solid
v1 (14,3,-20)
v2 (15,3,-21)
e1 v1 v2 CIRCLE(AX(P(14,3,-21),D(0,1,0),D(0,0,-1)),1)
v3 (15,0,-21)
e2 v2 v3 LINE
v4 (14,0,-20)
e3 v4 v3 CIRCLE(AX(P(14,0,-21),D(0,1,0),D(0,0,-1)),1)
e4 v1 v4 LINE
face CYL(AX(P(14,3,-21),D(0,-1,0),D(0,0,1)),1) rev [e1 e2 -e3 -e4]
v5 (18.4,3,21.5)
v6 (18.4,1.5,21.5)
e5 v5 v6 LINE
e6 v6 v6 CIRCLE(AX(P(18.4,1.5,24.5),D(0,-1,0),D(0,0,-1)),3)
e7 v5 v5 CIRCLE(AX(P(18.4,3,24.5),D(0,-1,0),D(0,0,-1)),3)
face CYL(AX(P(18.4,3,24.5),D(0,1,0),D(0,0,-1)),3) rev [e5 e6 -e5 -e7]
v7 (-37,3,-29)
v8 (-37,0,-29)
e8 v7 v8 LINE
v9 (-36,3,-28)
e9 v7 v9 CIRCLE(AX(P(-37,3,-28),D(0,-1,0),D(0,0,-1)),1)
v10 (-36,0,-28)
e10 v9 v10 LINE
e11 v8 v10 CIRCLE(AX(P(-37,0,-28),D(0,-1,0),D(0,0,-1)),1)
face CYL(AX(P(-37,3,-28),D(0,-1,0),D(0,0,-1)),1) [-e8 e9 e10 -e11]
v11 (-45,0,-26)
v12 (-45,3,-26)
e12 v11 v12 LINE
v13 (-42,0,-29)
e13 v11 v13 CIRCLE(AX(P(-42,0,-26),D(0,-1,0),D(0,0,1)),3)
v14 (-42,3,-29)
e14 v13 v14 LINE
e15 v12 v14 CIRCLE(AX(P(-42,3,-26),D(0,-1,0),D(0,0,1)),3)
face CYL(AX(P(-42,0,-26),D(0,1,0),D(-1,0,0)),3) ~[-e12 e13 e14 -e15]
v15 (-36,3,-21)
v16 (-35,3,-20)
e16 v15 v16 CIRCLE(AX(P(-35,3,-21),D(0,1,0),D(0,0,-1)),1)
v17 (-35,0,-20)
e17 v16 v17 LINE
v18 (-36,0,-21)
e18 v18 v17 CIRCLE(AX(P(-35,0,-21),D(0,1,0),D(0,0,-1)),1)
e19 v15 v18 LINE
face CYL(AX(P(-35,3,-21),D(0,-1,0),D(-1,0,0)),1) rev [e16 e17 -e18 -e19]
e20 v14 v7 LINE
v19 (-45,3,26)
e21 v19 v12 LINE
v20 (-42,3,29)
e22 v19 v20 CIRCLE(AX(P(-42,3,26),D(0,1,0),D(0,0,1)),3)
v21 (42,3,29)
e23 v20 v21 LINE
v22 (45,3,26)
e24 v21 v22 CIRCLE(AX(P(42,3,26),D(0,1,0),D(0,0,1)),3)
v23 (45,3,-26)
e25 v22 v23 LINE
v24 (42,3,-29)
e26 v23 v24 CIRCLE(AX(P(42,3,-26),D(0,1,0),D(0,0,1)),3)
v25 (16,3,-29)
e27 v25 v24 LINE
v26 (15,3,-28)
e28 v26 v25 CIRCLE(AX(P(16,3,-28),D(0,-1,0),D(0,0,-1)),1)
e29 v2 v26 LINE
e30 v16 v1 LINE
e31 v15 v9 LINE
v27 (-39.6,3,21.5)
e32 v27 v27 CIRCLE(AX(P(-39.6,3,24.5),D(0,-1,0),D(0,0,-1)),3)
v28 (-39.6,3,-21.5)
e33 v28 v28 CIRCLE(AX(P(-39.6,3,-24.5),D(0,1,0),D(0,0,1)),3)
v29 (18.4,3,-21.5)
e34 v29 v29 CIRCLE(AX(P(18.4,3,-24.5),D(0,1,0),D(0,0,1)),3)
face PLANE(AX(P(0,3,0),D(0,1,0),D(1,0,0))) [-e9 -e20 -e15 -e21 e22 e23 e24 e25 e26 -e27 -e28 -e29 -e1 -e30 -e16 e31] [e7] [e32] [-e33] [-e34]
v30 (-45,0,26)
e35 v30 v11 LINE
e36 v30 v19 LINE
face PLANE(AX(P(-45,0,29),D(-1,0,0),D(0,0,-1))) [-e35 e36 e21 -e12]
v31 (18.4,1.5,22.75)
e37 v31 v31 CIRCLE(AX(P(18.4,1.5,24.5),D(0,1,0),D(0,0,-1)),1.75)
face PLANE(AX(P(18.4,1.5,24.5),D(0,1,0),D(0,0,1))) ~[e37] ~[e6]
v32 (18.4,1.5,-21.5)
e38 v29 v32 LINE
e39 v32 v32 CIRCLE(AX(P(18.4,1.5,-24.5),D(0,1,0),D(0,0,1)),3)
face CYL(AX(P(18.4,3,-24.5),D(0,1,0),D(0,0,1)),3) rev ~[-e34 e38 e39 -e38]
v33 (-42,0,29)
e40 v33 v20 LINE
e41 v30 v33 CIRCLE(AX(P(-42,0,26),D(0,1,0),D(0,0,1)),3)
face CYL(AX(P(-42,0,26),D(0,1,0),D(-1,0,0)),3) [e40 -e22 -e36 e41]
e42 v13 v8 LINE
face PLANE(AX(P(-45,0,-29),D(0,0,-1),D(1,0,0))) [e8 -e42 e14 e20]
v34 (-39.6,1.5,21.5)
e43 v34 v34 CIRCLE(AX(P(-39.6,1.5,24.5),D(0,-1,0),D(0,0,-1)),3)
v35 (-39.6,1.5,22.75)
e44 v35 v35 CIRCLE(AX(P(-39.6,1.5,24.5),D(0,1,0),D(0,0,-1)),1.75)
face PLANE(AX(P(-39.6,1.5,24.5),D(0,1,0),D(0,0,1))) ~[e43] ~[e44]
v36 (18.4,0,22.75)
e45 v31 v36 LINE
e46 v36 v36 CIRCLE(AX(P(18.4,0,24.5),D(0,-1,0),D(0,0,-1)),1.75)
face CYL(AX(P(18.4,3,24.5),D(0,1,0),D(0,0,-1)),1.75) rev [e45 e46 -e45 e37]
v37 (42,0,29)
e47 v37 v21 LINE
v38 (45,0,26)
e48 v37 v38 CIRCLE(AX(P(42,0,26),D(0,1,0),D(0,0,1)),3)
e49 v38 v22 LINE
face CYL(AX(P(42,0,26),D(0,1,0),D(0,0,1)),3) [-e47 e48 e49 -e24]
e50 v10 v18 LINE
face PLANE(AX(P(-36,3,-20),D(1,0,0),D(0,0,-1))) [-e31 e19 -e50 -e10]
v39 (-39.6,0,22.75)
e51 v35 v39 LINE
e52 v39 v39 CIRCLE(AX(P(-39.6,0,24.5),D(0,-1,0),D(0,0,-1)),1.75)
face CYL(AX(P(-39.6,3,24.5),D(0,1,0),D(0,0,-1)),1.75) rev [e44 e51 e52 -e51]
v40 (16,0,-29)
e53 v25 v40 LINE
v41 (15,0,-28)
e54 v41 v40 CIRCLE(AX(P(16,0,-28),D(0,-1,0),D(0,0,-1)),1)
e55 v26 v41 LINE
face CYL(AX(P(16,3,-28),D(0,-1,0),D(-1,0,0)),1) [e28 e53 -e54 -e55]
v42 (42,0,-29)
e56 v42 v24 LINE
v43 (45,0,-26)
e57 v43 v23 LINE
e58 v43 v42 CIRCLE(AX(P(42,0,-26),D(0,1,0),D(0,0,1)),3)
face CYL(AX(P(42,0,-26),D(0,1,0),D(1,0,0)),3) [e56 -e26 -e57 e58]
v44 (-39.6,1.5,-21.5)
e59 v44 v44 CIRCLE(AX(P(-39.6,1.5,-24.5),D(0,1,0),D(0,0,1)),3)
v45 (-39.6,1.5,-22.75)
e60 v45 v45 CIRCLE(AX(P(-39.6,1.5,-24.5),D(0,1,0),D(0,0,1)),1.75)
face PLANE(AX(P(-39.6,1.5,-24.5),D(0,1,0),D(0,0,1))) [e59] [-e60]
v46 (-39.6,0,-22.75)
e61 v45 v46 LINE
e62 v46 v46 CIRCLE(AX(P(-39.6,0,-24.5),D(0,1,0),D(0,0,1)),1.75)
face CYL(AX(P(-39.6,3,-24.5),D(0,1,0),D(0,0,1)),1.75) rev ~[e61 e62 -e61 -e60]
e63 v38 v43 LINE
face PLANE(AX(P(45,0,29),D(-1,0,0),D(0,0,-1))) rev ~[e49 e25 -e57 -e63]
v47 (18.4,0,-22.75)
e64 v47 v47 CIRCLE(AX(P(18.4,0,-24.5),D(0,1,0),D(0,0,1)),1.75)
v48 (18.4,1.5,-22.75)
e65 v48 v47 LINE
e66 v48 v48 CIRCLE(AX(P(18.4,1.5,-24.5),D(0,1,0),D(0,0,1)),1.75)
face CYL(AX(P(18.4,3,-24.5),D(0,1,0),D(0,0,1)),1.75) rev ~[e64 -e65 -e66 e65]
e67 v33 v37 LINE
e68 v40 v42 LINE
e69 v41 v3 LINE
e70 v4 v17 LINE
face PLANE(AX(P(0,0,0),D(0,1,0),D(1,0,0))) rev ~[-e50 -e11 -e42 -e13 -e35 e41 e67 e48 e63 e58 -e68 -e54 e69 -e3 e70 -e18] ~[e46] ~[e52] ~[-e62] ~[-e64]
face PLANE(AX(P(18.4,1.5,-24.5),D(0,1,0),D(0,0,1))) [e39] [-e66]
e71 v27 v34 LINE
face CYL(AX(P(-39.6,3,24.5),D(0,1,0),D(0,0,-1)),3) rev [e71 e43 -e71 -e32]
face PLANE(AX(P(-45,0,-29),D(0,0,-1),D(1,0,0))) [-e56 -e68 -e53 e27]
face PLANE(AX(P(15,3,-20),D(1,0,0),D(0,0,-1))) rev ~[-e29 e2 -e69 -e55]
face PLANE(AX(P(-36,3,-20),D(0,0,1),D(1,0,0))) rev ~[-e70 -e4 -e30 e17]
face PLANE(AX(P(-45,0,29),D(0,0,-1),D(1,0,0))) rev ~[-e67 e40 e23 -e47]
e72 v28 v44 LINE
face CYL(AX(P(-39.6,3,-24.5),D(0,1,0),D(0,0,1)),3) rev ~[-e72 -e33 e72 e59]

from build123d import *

# Parameters (mm, degrees)
SKETCH1_W           = 90
SKETCH1_H           = 58
BOSS_EXTRUDE1_DEPTH = 3
FILLET1_R           = 3
CUT_EXTRUDE1_REACH  = 55.619
SKETCH2_W           = 51
SKETCH2_H           = 9
FILLET3_R           = 1
CUT_EXTRUDE2_REACH  = 55.619
SKETCH3_R           = 1.75
SKETCH4_R           = 3
CUT_EXTRUDE4_DEPTH  = 1.5


with BuildPart() as part:
    # Sketch1 → Boss-Extrude1 (new body)
    with BuildSketch(Plane(origin=(0, 0, 0), x_dir=(1, 0, 0), z_dir=(0, 1, 0))):
        Rectangle(SKETCH1_W, SKETCH1_H)
    extrude(amount=BOSS_EXTRUDE1_DEPTH)

    # Fillet1
    fillet1_edges = [part.edges().sort_by_distance(p)[0] for p in [
        (-45, 1.5, -29),
        (45, 1.5, -29),
        (45, 1.5, 29),
        (-45, 1.5, 29),
    ]]
    fillet(fillet1_edges, radius=FILLET1_R)

    # Sketch2 → Cut-Extrude1 (cut, up to next)
    with BuildSketch(Plane(origin=(0, 3, 0), x_dir=(1, 0, 0), z_dir=(0, 1, 0)), mode=Mode.PRIVATE) as cut_extrude1_sk1:
        with Locations((-10.5, 24.5)):
            Rectangle(SKETCH2_W, SKETCH2_H)
    cut_extrude1_tool1 = extrude(cut_extrude1_sk1.sketch, amount=-CUT_EXTRUDE1_REACH, mode=Mode.PRIVATE) & part.part
    add(cut_extrude1_tool1.solids().sort_by_distance((-10.5, 3, -24.5))[0], mode=Mode.SUBTRACT)

    # Fillet3
    fillet3_edges = [part.edges().sort_by_distance(p)[0] for p in [
        (-36, 1.5, -20),
        (-36, 1.5, -29),
        (15, 1.5, -29),
        (15, 1.5, -20),
    ]]
    fillet(fillet3_edges, radius=FILLET3_R)

    # Sketch3 → Cut-Extrude2 (cut, up to next)
    with BuildSketch(Plane(origin=(0, 3, 0), x_dir=(1, 0, 0), z_dir=(0, 1, 0)), mode=Mode.PRIVATE) as cut_extrude2_sk1:
        with Locations(Location((-39.6, 24.5, 0), (0, 0, 270))):
            Circle(SKETCH3_R)
    cut_extrude2_tool1 = extrude(cut_extrude2_sk1.sketch, amount=-CUT_EXTRUDE2_REACH, mode=Mode.PRIVATE) & part.part
    # Sketch3 → Cut-Extrude2 (cut, up to next)
    with BuildSketch(Plane(origin=(0, 3, 0), x_dir=(1, 0, 0), z_dir=(0, 1, 0)), mode=Mode.PRIVATE) as cut_extrude2_sk2:
        with Locations(Location((18.4, 24.5, 0), (0, 0, 270))):
            Circle(SKETCH3_R)
    cut_extrude2_tool2 = extrude(cut_extrude2_sk2.sketch, amount=-CUT_EXTRUDE2_REACH, mode=Mode.PRIVATE) & part.part
    cut_extrude2_1 = cut_extrude2_tool1.solids().sort_by_distance((-39.6, 3, -24.5))[0]
    add(cut_extrude2_1, mode=Mode.SUBTRACT)
    cut_extrude2_2 = cut_extrude2_tool2.solids().sort_by_distance((18.4, 3, -24.5))[0]
    add(cut_extrude2_2, mode=Mode.SUBTRACT)
    cut_extrude2 = cut_extrude2_1 + cut_extrude2_2  # Cut-Extrude2 as one shape, for the pattern or mirror that repeats it

    # Mirror1: Cut-Extrude2 across plane
    add(cut_extrude2.mirror(Plane.XY), mode=Mode.SUBTRACT)

    # Sketch4 → Cut-Extrude4 (cut)
    with BuildSketch(Plane(origin=(0, 3, 0), x_dir=(1, 0, 0), z_dir=(0, 1, 0))):
        with Locations(Location((-39.6, 24.5, 0), (0, 0, 270))):
            Circle(SKETCH4_R)
        with Locations(Location((18.4, 24.5, 0), (0, 0, 270))):
            Circle(SKETCH4_R)
    cut_extrude4 = extrude(amount=-CUT_EXTRUDE4_DEPTH, mode=Mode.SUBTRACT)

    # Mirror2: Cut-Extrude4 across plane
    add(cut_extrude4.mirror(Plane.XY), mode=Mode.SUBTRACT)


solid = part.part
